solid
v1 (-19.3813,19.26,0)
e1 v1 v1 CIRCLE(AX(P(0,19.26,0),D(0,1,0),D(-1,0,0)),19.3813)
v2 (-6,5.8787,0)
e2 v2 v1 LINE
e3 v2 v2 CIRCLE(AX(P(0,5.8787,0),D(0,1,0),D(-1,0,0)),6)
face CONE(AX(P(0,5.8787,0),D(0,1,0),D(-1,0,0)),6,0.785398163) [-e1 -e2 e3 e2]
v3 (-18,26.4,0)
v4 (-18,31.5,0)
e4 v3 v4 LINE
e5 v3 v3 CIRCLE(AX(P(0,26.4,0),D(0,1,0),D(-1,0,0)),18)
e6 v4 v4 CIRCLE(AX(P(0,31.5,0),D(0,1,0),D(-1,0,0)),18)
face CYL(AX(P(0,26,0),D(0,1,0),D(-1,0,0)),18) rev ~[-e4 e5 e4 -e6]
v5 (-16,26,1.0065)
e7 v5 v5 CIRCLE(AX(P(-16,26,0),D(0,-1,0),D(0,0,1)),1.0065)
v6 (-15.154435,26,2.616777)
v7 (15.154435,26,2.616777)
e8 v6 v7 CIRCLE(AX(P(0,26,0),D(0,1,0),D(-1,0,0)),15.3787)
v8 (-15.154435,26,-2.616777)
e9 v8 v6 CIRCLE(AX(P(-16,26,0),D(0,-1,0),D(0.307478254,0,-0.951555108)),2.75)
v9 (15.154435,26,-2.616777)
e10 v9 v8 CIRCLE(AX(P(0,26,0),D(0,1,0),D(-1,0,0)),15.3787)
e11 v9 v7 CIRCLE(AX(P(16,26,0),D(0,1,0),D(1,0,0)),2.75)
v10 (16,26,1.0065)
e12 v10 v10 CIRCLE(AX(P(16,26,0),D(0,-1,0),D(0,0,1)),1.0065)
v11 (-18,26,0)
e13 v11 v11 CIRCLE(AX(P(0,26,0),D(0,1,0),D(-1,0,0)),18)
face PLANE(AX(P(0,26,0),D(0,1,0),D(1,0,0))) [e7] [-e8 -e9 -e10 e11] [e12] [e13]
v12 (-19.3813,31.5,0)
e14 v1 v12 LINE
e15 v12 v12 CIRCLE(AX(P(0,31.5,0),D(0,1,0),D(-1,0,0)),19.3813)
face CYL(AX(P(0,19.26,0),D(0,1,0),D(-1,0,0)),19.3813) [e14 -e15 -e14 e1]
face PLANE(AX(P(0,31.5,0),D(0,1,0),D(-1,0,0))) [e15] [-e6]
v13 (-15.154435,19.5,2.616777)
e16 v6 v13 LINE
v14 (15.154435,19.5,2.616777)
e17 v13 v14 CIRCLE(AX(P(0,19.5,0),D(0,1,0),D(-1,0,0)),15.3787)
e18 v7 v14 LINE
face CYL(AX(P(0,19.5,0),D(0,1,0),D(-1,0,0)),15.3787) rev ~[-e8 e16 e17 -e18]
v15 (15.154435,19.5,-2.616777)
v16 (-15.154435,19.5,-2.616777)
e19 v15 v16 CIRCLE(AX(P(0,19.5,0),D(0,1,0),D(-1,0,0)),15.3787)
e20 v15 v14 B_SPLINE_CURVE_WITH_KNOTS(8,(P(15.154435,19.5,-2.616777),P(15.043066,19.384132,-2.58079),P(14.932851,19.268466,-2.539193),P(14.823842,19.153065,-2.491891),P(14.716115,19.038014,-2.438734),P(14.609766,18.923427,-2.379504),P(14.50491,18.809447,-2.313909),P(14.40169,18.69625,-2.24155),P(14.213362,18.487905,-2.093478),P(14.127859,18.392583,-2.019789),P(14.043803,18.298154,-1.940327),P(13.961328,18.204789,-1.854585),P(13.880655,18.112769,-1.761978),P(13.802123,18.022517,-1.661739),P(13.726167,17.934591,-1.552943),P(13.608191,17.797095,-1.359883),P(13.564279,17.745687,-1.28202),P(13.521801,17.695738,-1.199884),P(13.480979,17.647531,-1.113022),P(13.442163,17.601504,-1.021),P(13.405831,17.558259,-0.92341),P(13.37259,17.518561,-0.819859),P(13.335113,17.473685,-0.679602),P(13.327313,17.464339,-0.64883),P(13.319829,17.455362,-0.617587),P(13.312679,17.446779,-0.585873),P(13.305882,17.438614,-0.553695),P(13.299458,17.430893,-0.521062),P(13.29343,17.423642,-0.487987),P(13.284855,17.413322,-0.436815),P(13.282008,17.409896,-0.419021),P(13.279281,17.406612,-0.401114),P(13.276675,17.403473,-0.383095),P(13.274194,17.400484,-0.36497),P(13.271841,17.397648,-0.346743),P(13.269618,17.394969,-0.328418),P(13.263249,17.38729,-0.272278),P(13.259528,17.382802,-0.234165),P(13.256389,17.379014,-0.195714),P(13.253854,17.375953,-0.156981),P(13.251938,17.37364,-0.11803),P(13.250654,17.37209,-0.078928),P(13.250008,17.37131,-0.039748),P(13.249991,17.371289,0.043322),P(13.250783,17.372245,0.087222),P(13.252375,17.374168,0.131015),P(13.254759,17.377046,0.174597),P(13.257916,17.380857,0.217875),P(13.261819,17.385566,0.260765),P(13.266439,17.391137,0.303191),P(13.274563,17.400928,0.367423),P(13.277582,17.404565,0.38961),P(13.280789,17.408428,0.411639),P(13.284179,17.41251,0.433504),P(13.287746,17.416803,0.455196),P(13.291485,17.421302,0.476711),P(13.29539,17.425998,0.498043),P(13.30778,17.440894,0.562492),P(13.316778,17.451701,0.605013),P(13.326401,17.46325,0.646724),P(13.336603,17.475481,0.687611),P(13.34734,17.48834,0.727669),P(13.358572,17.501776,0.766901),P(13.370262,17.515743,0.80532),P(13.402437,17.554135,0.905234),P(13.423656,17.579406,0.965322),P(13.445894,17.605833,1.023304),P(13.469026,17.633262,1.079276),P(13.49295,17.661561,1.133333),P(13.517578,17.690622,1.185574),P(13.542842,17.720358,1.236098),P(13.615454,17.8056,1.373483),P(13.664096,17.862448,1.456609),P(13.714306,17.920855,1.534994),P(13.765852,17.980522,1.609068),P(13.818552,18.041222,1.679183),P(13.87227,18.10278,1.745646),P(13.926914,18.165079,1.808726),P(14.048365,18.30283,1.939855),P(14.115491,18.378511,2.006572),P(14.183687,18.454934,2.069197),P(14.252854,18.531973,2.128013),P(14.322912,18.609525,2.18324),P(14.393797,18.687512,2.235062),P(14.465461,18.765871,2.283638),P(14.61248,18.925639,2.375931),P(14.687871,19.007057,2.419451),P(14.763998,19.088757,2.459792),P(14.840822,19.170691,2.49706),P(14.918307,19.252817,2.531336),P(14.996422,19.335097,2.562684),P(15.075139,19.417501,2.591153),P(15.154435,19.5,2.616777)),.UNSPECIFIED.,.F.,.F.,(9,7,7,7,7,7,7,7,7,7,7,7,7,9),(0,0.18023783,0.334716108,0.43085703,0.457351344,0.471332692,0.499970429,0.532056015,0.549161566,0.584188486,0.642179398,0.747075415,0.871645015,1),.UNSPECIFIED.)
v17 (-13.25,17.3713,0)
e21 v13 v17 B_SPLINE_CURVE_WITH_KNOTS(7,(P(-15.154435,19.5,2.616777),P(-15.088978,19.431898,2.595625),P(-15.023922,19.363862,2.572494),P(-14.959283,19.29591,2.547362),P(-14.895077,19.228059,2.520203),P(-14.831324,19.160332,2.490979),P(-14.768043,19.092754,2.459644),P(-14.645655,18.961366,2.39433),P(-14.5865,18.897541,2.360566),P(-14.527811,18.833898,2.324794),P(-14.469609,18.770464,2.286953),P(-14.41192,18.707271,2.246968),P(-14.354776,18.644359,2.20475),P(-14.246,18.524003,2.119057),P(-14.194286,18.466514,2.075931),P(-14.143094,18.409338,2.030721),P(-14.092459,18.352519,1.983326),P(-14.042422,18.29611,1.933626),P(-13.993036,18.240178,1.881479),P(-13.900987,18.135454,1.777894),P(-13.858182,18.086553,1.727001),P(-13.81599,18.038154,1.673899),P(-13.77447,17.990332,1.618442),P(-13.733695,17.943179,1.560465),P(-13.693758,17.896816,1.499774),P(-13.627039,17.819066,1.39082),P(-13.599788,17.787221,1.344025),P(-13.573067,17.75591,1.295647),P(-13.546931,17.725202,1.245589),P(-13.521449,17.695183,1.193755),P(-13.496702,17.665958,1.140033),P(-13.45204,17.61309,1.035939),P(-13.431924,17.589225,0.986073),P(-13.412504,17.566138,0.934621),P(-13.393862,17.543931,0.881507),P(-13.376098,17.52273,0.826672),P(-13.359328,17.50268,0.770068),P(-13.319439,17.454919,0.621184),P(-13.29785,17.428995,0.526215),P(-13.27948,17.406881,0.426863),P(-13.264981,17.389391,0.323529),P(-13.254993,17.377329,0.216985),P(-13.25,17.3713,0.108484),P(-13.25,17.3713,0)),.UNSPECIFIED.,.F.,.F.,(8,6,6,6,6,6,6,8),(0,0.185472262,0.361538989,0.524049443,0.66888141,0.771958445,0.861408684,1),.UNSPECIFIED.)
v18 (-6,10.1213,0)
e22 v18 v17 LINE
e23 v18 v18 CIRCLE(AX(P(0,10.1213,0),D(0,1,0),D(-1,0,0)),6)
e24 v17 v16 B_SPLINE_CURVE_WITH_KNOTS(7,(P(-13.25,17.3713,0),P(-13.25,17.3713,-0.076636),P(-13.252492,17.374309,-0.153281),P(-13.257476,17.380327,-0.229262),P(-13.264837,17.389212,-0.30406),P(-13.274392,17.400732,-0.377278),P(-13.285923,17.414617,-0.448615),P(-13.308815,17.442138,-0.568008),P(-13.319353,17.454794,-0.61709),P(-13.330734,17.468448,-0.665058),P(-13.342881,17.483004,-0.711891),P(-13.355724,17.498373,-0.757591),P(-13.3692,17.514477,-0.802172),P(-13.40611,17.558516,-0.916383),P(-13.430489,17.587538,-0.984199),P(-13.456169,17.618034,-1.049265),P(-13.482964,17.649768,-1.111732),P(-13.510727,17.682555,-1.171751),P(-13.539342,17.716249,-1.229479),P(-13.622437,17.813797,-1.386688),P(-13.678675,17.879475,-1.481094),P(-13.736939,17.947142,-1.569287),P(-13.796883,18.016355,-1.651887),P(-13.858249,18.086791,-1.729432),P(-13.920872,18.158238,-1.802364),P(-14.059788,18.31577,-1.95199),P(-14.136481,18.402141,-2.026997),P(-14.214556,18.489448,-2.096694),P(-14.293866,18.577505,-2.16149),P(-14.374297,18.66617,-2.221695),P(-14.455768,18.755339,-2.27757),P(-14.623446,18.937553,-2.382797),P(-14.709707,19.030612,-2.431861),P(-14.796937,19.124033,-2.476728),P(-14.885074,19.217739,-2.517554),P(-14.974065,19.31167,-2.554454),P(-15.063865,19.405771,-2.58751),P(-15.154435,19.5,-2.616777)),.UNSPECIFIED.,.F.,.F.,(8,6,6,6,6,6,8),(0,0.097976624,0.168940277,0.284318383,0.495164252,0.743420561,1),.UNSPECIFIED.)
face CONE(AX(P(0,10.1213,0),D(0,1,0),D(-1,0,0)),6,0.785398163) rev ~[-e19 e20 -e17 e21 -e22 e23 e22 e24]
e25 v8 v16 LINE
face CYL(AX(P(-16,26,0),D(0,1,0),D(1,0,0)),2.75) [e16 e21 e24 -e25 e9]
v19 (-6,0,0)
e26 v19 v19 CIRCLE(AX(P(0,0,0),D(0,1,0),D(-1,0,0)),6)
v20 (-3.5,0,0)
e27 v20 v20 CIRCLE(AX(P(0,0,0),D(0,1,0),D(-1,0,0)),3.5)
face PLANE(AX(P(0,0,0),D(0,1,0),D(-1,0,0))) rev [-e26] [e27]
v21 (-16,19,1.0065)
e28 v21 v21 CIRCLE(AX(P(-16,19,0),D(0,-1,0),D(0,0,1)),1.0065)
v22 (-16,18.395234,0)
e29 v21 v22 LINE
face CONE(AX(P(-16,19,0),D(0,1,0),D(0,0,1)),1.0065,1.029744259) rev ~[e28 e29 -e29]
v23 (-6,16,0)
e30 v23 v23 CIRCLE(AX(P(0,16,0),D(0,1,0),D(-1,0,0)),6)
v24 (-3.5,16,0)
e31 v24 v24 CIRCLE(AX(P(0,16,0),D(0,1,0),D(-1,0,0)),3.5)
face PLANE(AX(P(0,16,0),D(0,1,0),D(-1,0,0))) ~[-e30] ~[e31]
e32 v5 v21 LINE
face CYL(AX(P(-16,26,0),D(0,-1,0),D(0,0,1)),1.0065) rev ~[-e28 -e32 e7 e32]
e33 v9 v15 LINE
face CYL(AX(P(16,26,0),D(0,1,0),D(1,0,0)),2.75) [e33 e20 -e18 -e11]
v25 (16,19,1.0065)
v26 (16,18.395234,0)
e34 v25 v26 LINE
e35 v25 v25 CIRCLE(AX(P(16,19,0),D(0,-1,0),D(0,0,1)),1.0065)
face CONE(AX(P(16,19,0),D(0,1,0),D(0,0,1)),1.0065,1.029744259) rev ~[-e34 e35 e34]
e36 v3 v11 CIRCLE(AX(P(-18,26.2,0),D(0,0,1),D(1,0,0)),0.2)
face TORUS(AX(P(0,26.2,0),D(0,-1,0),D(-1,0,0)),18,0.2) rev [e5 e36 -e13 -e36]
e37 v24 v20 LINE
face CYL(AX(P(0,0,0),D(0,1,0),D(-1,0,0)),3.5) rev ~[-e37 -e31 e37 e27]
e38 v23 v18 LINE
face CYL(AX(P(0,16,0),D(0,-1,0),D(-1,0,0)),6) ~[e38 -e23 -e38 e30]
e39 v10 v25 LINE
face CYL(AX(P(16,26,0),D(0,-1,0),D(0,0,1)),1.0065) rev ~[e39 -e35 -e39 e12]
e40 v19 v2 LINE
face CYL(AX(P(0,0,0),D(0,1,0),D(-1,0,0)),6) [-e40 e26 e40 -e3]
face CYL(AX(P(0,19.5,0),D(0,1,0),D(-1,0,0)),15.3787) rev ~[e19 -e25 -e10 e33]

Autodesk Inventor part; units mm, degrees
ref_plane "YZ Plane" through (0, 0, 0) normal (1, 0, 0) x (0, 1, 0)
ref_plane "XZ Plane" through (0, 0, 0) normal (0, 1, 0) x (-1, 0, 0)
sketch "Sketch1" plane through (0, 0, 0) normal (0, 0, 1) x (1, 0, 0)
  line L0 (0, 0) -> (0, 8)
  line L1 (-3.5, 0) -> (-3.5, 16)
  line L2 (-3.5, 16) -> (-6, 16)
  line L3 (-6, 16) -> (-6, 10.1213)
  line L4 (-6, 10.1213) -> (-15.3787, 19.5)
  line L5 (-3.5, 0) -> (-6, 0)
  line L6 (-6, 0) -> (-6, 5.8787)
  line L7 (-6, 5.8787) -> (-19.3813, 19.26)
  line L8 (-19.3813, 19.26) -> (-19.3813, 31.5)
  line L9 (-19.3813, 31.5) -> (-18, 31.5)
  line L10 (-6, 10.1213) -> (-6, 5.8787)
  line L11 (-6, 8) -> (0, 8)
  line L12 (-15.3787, 19.5) -> (-15.3787, 26)
  line L13 (-15.3787, 26) -> (-18, 26)
  line L14 (-18, 26) -> (-18, 31.5)
  dimension "d0" = 7
  dimension "d1" = 12
  dimension "d2" = 45
  dimension "d3" = 16
  dimension "d5" = 12.24
  dimension "d6" = 3
  dimension "d7" = 31.5
  dimension "d8" = 8
  dimension "d28" = 36
  dimension "d29" = 12
  dimension "d30" = 6.5
revolve "Revolution1" add sketch "Sketch1" angle 360 about axis through (0, 0, 0) along (0, 1, 0)
ref_plane "Work Plane1" through (0, 26, 0) normal (0, 1, 0) x (1, 0, 0)
sketch "Sketch2" plane through (0, 26, 0) normal (0, 1, 0) x (1, 0, 0)
  circle A0 centre (-16, 0) radius 2.75
  line L0 (0, 0) -> (0, 15.3787)
  circle A1 centre (0, 0) radius 15.3787 projected
  circle A2 centre (16, 0) radius 2.75
  point P0 (15.1544, 2.6168)
  point P1 (15.1544, -2.6168)
  point P2 (-15.1544, 2.6168)
  point P3 (-15.1544, -2.6168)
  point P4 (-15.1544, 2.6168)
  point P5 (-15.1544, -2.6168)
  dimension "d11" = 32
  dimension "d12" = 5.5
  dimension "d35" = 5.2335
extrude "Extrusion1" add sketch "Sketch2" against normal up to surface contours A0 A1 | A2 A1 picked at (-14.6525, 0) picked at (14.7143, -0.6004)
sketch "Sketch3" plane through (0, 26, 0) normal (0, 1, 0) x (1, 0, 0)
  arc A0 (-15.1544, -2.6168) -> (-15.1544, 2.6168) centre (-16, 0) ccw projected
  arc A1 (15.1544, 2.6168) -> (15.1544, -2.6168) centre (16, 0) ccw projected
  point P0 (0, 0)
  point P1 (-17.8887, -1.9989)
  point P2 (-17.8887, 1.9989)
  point P3 (17.8887, 1.9989)
  point P4 (17.8887, -1.9989)
sketch "Sketch4" plane through (0, 0, 0) normal (0, 0, 1) x (1, 0, 0)
  circle A0 centre (-18, 26.2) radius 0.2
  line L0 (0, 25.76) -> (0, 31.5)
  line L1 (18, 26) -> (-18, 26) projected
  line L2 (-18, 31.5) -> (-18, 26) projected
  point P0 (0, 0)
  point P1 (-15.1544, 26)
  dimension "d15" = 0.4
revolve "Revolution2" cut sketch "Sketch4" angle 360 about axis through (0, 25.76, 0) along (0, 1, 0)
hole "Hole1" at (-16, 26, 0) at (16, 26, 0) direction (0, -1, 0) diameter 2.013 depth 7 tip angle 118 thread size "M2.5x0.45" class "6H" standard "ANSI Metric M Profile"
sketch "Sketch7" plane through (0, 31.5, 0) normal (0, 1, 0) x (1, 0, 0)
  line L0 (31.4446, -31.0263) -> (0, -31.0263)
  line L1 (0, -31.0263) -> (0, 28.9425)
  line L2 (0, 28.9425) -> (31.4446, 28.9425)
  line L3 (31.4446, 28.9425) -> (31.4446, -31.0263)
  point P0 (0, 0)
properties part number "18102021-002-08" material "Stainless Steel"
